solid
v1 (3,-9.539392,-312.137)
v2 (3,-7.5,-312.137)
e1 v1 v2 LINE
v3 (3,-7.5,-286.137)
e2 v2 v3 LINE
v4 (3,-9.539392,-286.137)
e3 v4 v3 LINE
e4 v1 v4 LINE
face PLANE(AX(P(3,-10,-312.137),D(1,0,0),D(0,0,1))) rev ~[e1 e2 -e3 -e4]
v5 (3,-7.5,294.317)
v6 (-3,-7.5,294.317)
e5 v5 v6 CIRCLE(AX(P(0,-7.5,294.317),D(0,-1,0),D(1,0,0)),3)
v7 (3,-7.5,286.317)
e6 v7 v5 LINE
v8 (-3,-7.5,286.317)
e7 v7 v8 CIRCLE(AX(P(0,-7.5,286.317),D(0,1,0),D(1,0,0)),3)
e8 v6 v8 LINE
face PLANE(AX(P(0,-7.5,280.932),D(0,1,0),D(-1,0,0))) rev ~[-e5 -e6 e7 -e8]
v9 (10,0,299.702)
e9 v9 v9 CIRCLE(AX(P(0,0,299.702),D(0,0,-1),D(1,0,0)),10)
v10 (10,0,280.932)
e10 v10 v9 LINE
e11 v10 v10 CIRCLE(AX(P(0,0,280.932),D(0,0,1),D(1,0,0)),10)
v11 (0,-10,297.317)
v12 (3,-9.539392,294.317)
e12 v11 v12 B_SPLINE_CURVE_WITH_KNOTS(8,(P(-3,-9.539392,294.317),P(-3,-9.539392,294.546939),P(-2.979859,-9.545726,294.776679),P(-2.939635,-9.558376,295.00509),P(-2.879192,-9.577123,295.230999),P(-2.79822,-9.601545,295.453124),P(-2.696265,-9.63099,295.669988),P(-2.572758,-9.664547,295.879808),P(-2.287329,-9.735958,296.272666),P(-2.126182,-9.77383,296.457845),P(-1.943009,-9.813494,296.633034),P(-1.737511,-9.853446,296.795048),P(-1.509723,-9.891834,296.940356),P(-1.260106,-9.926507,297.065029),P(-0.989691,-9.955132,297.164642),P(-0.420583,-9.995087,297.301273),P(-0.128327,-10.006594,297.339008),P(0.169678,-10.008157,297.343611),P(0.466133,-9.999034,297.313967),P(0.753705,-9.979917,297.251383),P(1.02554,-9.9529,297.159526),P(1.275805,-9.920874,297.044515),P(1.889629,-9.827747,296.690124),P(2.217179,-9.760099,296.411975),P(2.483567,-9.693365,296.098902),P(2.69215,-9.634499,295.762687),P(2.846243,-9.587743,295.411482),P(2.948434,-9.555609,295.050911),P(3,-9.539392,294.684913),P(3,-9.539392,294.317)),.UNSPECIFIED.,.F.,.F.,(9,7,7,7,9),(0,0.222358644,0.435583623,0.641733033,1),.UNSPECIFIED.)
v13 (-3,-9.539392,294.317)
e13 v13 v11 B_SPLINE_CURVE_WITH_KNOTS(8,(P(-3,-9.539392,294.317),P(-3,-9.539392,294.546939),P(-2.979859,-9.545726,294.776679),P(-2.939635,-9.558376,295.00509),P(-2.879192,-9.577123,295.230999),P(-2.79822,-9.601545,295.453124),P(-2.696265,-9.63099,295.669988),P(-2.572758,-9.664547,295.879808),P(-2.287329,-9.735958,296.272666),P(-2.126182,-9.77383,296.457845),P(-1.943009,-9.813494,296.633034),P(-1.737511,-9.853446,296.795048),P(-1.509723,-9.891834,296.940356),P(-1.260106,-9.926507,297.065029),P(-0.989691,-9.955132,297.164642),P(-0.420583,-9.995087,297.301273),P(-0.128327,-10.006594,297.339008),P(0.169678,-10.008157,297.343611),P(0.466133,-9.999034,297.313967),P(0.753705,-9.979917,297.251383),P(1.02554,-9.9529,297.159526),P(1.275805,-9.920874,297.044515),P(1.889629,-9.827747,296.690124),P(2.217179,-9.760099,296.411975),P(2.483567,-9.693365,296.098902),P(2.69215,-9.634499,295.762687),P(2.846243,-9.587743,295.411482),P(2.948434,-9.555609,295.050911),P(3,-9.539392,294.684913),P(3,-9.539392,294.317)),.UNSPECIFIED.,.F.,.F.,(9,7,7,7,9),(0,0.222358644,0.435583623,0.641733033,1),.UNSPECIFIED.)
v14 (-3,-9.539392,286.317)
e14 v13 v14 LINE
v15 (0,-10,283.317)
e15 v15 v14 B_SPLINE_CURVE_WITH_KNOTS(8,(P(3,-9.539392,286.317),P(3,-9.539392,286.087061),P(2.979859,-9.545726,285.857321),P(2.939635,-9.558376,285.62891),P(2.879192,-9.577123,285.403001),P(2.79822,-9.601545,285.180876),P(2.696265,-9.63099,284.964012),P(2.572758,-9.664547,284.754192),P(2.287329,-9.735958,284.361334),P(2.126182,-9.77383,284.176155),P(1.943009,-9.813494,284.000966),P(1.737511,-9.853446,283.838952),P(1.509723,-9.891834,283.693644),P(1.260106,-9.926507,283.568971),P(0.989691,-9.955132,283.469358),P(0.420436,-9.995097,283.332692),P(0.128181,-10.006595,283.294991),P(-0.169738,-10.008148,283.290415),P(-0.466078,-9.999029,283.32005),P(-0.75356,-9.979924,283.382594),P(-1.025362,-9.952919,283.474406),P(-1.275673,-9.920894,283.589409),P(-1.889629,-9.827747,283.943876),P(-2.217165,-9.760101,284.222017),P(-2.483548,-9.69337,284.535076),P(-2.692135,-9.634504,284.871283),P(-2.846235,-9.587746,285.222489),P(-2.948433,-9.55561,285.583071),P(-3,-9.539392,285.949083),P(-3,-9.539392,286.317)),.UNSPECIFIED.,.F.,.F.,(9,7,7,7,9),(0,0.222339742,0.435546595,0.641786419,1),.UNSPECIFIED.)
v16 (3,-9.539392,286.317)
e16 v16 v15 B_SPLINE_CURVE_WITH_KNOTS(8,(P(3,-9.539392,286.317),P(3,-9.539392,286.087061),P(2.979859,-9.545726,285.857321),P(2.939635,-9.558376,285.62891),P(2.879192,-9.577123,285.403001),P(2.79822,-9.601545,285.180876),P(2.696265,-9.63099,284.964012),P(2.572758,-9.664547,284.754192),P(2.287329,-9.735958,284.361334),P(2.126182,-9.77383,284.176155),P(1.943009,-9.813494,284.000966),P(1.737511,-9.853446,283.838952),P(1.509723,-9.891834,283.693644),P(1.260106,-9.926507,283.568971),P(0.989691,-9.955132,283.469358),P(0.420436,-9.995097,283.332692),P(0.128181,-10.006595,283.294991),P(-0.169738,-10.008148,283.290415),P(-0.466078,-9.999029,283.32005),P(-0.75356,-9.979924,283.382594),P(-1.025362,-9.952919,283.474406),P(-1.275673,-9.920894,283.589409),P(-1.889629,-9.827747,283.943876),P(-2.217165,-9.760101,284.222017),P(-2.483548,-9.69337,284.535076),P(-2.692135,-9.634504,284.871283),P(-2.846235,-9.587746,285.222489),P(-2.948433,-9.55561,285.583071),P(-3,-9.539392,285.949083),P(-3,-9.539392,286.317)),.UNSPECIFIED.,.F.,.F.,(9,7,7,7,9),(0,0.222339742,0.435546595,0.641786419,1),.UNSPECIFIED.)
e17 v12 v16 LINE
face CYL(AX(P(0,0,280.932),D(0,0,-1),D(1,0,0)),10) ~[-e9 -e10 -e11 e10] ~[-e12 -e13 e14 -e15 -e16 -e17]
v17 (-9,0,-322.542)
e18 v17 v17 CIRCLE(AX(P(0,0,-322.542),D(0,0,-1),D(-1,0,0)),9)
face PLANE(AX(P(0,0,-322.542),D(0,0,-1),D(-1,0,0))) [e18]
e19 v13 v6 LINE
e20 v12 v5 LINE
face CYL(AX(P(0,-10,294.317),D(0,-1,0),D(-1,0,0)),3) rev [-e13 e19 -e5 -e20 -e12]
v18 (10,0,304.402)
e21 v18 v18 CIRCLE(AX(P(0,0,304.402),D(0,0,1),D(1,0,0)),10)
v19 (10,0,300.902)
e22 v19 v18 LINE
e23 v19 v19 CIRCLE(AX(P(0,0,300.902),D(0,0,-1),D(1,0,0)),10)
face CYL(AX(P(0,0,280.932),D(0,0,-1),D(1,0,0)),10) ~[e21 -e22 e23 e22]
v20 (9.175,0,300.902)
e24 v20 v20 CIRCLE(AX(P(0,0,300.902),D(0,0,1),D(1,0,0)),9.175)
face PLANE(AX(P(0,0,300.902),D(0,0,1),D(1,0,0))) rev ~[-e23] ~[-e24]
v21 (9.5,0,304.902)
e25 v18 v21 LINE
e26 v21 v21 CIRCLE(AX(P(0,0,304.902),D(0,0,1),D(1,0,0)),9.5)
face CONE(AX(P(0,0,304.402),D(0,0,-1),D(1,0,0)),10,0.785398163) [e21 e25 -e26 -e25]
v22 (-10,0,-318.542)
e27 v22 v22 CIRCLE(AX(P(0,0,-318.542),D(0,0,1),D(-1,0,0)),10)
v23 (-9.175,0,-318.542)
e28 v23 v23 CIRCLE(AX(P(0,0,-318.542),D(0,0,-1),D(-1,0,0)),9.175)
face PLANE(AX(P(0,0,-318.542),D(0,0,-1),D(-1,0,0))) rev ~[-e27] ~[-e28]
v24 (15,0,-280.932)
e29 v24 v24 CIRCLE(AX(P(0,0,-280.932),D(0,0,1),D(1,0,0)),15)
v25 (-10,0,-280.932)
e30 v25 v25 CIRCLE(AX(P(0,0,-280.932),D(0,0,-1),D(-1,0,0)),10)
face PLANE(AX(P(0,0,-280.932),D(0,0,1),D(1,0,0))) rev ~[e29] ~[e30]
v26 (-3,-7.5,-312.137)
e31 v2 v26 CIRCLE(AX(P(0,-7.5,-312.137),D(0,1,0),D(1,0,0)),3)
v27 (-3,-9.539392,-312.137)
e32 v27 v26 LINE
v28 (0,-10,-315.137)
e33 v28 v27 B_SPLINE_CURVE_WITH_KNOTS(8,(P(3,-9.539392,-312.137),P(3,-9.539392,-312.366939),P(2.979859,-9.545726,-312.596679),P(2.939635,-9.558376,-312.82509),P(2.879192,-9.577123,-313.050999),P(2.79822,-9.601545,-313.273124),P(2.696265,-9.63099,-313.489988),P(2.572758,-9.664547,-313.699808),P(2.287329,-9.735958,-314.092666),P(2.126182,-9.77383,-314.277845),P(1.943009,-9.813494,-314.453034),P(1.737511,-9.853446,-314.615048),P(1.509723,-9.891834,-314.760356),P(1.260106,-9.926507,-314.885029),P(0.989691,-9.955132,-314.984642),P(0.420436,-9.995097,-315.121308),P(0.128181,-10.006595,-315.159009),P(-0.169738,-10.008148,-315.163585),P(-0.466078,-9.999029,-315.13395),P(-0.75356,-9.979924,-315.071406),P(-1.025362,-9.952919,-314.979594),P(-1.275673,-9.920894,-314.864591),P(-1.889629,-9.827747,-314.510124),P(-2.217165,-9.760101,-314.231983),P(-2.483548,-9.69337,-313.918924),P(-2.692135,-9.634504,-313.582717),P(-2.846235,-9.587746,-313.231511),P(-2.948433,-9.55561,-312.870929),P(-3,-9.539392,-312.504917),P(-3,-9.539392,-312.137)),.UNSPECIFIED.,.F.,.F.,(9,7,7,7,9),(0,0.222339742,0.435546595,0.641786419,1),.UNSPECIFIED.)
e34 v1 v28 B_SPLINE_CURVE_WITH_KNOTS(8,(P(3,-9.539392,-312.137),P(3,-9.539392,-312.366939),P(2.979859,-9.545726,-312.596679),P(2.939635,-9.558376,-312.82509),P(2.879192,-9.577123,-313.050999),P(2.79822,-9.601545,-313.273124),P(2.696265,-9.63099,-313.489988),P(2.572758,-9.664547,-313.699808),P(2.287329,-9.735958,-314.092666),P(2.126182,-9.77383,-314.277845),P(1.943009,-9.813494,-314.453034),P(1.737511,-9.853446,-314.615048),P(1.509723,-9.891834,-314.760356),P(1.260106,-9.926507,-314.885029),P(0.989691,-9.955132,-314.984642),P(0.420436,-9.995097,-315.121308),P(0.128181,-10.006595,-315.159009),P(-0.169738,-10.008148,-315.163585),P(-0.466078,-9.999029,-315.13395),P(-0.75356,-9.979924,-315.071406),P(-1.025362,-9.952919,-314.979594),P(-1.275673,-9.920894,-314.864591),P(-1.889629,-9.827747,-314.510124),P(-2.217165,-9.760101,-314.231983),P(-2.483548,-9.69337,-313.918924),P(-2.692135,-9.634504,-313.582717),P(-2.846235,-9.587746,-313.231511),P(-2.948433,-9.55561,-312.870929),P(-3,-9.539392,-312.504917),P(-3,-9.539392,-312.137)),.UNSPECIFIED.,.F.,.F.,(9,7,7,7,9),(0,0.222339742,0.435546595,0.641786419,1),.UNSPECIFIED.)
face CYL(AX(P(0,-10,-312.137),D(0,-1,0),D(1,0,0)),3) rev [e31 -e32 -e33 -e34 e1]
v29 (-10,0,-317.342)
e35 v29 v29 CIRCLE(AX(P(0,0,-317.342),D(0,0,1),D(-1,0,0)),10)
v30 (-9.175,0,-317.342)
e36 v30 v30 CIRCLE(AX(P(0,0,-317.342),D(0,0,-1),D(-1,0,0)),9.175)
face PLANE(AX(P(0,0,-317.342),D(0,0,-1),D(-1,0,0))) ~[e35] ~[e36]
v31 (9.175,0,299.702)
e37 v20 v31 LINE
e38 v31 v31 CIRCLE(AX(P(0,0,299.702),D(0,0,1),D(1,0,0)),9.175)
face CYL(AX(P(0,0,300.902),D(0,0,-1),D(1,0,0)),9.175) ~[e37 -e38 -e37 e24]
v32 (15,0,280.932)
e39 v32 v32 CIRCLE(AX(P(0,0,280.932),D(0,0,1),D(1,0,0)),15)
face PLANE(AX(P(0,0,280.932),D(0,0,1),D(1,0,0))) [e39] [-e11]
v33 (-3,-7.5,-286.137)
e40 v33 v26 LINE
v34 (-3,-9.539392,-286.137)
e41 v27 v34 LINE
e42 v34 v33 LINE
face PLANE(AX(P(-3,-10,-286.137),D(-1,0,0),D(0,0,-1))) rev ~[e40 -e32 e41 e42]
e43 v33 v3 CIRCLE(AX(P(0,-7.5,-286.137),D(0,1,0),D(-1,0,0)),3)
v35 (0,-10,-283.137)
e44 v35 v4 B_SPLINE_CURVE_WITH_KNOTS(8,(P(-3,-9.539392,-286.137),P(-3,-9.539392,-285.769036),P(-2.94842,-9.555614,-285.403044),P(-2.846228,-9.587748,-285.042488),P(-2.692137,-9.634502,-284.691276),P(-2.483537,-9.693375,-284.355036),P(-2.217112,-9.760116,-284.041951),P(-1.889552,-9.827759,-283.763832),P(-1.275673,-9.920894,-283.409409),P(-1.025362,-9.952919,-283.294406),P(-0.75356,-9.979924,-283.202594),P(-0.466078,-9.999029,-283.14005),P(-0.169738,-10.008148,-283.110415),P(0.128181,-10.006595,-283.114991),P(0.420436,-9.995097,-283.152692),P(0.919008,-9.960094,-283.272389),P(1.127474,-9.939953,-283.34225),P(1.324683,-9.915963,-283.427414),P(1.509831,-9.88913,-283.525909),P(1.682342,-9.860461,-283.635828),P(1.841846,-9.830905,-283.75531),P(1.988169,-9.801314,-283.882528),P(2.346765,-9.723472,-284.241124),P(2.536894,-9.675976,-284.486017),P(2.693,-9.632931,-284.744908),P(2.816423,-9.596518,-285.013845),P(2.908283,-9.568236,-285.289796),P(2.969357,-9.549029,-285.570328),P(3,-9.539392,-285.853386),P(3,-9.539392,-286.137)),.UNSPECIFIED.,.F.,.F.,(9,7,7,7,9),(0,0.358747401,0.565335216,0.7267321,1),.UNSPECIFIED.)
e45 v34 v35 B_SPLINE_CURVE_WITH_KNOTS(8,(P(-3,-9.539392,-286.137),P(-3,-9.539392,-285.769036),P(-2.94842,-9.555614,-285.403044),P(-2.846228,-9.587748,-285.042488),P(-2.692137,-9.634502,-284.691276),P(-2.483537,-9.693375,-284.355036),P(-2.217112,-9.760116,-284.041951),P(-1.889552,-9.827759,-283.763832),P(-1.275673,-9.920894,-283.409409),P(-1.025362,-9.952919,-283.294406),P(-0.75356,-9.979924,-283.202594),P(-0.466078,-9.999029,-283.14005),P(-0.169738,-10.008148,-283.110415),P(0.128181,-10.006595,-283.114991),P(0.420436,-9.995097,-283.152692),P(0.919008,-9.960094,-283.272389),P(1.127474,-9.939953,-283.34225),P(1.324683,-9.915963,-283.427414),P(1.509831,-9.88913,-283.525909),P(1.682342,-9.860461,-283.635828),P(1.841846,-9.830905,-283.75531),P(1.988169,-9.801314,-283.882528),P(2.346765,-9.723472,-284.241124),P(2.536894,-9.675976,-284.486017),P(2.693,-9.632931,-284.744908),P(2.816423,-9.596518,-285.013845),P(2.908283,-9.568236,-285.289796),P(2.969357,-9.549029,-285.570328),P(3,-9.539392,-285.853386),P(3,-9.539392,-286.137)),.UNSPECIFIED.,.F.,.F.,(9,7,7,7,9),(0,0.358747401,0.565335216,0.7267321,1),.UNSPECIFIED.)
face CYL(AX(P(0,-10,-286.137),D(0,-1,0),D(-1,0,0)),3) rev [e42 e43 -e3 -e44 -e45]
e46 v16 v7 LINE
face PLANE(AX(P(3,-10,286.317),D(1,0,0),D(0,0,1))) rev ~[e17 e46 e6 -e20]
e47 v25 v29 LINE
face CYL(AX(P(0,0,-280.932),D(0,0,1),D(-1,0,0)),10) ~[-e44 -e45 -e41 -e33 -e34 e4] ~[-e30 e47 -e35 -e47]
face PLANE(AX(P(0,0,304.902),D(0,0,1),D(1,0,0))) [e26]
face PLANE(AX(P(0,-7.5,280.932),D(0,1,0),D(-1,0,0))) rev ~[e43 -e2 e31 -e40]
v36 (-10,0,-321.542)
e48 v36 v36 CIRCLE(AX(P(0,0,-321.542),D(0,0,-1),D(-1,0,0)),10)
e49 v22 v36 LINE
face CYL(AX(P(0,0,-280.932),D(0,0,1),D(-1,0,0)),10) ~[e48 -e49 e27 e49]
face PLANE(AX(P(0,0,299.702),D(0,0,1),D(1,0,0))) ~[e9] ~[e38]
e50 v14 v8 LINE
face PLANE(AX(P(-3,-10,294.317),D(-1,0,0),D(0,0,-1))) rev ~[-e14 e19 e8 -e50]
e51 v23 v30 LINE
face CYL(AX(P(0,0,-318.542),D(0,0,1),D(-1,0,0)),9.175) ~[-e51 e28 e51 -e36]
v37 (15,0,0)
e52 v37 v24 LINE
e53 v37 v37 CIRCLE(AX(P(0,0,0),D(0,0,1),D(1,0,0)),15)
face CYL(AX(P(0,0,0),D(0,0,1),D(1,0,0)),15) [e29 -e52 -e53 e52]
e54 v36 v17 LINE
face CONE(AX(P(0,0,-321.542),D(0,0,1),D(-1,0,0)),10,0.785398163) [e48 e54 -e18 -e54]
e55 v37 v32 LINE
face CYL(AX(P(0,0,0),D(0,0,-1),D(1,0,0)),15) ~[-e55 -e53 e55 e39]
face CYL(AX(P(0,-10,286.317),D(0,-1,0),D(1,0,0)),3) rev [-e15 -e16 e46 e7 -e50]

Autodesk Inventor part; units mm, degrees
ref_plane "YZ Plane" through (0, 0, 0) normal (1, 0, 0) x (0, 1, 0)
ref_plane "XY Plane" through (0, 0, 0) normal (0, 0, 1) x (1, 0, 0)
sketch "草图1" plane through (0, 0, 0) normal (0, 0, 1) x (1, 0, 0)
  circle A0 centre (0, 0) radius 15
  dimension "d0" = 30
extrude "拉伸1" add sketch "草图1" along normal mid plane 561.864
sketch "草图2" plane through (0, 0, 280.932) normal (0, 0, 1) x (1, 0, 0)
  circle A0 centre (0, 0) radius 10
  dimension "d3" = 20
extrude "拉伸2" add sketch "草图2" along normal blind 23.97
ref_plane "工作平面1" through (0, -10, 280.932) normal (0, 1, 0) x (-1, 0, 0)
sketch "草图3" plane through (0, -10, 280.932) normal (0, 1, 0) x (-1, 0, 0)
  line L0 (-3, 13.385) -> (3, 13.385)
  line L1 (3, 13.385) -> (3, 5.385)
  line L2 (3, 5.385) -> (-3, 5.385)
  line L3 (-3, 5.385) -> (-3, 13.385)
  arc A0 (3, 13.385) -> (-3, 13.385) centre (0, 13.385) ccw
  arc A1 (-3, 5.385) -> (3, 5.385) centre (0, 5.385) ccw
  line L4 (15, 0) -> (-15, 0) projected
  line L5 (0, 0) -> (0, 30.5075)
  point P0 (0, -280.932)
  dimension "d6" = 30.5075
  dimension "d7" = 6
  dimension "d8" = 8
  dimension "d9" = 5.385
extrude "拉伸3" cut sketch "草图3" along normal blind 2.5
sketch "草图4" plane through (0, 0, 0) normal (0, 1, 0) x (-1, 0, 0)
  line L0 (-9.175, 299.702) -> (-11.2925, 299.702)
  line L1 (-11.2925, 299.702) -> (-11.2925, 300.902)
  line L2 (-11.2925, 300.902) -> (-9.175, 300.902)
  line L3 (-9.175, 300.902) -> (-9.175, 299.702)
  line L4 (0, 0) -> (0, 472.2352)
  line L5 (10, 304.902) -> (-10, 304.902) projected
  line L6 (0, -94.447) -> (0, 566.6823) projected
  dimension "d12" = 472.2352
  dimension "d13" = 9.175
  dimension "d14" = 1.2
  dimension "d15" = 4
  dimension "d16" = 2.1175
revolve "旋转1" cut sketch "草图4" angle 360 about axis through (0, 0, -10) along (0, 0, 1)
chamfer "倒角1" distance 0.5 angle 45 1 edges at (-10, 0, 304.902)
sketch "草图5" plane through (0, 0, -280.932) normal (0, 0, -1) x (-1, 0, 0)
  circle A0 centre (0, 0) radius 10
  dimension "d21" = 20
extrude "拉伸4" add sketch "草图5" along normal blind 41.61
sketch "草图6" plane through (0, -10, 280.932) normal (0, 1, 0) x (-1, 0, 0)
  line L0 (3, -593.069) -> (-3, -593.069)
  line L1 (-3, -593.069) -> (-3, -567.069)
  line L2 (-3, -567.069) -> (3, -567.069)
  line L3 (3, -567.069) -> (3, -593.069)
  arc A0 (-3, -593.069) -> (3, -593.069) centre (0, -593.069) ccw
  arc A1 (3, -567.069) -> (-3, -567.069) centre (0, -567.069) ccw
  line L4 (-10, -603.474) -> (10, -603.474) projected
  line L5 (0, -603.474) -> (0, -655.1956)
  line L6 (-15, -561.864) -> (15, -561.864) projected
  point P0 (0, -280.932)
  dimension "d24" = 6
  dimension "d25" = 26
  dimension "d26" = 5.205
extrude "拉伸5" cut sketch "草图6" along normal blind 2.5
sketch "草图7" plane through (0, 0, 0) normal (0, 1, 0) x (-1, 0, 0)
  line L0 (14.9872, -318.542) -> (9.175, -318.542)
  line L1 (9.175, -318.542) -> (9.175, -317.342)
  line L2 (9.175, -317.342) -> (14.9872, -317.342)
  line L3 (14.9872, -317.342) -> (14.9872, -318.542)
  line L4 (-10, -322.542) -> (10, -322.542) projected
  line L5 (0, -322.542) -> (0, -326.842)
  point P0 (0, 0)
  dimension "d29" = 4.3
  dimension "d30" = 1.2
  dimension "d31" = 5.8122
  dimension "d32" = 4
  dimension "d33" = 9.175
revolve "旋转2" cut sketch "草图7" angle 360 about axis through (0, 0, -322.542) along (0, 0, -1)
chamfer "倒角2" distance 1 angle 45 1 edges at (10, 0, -322.542)
properties part number "中间传动轴"
